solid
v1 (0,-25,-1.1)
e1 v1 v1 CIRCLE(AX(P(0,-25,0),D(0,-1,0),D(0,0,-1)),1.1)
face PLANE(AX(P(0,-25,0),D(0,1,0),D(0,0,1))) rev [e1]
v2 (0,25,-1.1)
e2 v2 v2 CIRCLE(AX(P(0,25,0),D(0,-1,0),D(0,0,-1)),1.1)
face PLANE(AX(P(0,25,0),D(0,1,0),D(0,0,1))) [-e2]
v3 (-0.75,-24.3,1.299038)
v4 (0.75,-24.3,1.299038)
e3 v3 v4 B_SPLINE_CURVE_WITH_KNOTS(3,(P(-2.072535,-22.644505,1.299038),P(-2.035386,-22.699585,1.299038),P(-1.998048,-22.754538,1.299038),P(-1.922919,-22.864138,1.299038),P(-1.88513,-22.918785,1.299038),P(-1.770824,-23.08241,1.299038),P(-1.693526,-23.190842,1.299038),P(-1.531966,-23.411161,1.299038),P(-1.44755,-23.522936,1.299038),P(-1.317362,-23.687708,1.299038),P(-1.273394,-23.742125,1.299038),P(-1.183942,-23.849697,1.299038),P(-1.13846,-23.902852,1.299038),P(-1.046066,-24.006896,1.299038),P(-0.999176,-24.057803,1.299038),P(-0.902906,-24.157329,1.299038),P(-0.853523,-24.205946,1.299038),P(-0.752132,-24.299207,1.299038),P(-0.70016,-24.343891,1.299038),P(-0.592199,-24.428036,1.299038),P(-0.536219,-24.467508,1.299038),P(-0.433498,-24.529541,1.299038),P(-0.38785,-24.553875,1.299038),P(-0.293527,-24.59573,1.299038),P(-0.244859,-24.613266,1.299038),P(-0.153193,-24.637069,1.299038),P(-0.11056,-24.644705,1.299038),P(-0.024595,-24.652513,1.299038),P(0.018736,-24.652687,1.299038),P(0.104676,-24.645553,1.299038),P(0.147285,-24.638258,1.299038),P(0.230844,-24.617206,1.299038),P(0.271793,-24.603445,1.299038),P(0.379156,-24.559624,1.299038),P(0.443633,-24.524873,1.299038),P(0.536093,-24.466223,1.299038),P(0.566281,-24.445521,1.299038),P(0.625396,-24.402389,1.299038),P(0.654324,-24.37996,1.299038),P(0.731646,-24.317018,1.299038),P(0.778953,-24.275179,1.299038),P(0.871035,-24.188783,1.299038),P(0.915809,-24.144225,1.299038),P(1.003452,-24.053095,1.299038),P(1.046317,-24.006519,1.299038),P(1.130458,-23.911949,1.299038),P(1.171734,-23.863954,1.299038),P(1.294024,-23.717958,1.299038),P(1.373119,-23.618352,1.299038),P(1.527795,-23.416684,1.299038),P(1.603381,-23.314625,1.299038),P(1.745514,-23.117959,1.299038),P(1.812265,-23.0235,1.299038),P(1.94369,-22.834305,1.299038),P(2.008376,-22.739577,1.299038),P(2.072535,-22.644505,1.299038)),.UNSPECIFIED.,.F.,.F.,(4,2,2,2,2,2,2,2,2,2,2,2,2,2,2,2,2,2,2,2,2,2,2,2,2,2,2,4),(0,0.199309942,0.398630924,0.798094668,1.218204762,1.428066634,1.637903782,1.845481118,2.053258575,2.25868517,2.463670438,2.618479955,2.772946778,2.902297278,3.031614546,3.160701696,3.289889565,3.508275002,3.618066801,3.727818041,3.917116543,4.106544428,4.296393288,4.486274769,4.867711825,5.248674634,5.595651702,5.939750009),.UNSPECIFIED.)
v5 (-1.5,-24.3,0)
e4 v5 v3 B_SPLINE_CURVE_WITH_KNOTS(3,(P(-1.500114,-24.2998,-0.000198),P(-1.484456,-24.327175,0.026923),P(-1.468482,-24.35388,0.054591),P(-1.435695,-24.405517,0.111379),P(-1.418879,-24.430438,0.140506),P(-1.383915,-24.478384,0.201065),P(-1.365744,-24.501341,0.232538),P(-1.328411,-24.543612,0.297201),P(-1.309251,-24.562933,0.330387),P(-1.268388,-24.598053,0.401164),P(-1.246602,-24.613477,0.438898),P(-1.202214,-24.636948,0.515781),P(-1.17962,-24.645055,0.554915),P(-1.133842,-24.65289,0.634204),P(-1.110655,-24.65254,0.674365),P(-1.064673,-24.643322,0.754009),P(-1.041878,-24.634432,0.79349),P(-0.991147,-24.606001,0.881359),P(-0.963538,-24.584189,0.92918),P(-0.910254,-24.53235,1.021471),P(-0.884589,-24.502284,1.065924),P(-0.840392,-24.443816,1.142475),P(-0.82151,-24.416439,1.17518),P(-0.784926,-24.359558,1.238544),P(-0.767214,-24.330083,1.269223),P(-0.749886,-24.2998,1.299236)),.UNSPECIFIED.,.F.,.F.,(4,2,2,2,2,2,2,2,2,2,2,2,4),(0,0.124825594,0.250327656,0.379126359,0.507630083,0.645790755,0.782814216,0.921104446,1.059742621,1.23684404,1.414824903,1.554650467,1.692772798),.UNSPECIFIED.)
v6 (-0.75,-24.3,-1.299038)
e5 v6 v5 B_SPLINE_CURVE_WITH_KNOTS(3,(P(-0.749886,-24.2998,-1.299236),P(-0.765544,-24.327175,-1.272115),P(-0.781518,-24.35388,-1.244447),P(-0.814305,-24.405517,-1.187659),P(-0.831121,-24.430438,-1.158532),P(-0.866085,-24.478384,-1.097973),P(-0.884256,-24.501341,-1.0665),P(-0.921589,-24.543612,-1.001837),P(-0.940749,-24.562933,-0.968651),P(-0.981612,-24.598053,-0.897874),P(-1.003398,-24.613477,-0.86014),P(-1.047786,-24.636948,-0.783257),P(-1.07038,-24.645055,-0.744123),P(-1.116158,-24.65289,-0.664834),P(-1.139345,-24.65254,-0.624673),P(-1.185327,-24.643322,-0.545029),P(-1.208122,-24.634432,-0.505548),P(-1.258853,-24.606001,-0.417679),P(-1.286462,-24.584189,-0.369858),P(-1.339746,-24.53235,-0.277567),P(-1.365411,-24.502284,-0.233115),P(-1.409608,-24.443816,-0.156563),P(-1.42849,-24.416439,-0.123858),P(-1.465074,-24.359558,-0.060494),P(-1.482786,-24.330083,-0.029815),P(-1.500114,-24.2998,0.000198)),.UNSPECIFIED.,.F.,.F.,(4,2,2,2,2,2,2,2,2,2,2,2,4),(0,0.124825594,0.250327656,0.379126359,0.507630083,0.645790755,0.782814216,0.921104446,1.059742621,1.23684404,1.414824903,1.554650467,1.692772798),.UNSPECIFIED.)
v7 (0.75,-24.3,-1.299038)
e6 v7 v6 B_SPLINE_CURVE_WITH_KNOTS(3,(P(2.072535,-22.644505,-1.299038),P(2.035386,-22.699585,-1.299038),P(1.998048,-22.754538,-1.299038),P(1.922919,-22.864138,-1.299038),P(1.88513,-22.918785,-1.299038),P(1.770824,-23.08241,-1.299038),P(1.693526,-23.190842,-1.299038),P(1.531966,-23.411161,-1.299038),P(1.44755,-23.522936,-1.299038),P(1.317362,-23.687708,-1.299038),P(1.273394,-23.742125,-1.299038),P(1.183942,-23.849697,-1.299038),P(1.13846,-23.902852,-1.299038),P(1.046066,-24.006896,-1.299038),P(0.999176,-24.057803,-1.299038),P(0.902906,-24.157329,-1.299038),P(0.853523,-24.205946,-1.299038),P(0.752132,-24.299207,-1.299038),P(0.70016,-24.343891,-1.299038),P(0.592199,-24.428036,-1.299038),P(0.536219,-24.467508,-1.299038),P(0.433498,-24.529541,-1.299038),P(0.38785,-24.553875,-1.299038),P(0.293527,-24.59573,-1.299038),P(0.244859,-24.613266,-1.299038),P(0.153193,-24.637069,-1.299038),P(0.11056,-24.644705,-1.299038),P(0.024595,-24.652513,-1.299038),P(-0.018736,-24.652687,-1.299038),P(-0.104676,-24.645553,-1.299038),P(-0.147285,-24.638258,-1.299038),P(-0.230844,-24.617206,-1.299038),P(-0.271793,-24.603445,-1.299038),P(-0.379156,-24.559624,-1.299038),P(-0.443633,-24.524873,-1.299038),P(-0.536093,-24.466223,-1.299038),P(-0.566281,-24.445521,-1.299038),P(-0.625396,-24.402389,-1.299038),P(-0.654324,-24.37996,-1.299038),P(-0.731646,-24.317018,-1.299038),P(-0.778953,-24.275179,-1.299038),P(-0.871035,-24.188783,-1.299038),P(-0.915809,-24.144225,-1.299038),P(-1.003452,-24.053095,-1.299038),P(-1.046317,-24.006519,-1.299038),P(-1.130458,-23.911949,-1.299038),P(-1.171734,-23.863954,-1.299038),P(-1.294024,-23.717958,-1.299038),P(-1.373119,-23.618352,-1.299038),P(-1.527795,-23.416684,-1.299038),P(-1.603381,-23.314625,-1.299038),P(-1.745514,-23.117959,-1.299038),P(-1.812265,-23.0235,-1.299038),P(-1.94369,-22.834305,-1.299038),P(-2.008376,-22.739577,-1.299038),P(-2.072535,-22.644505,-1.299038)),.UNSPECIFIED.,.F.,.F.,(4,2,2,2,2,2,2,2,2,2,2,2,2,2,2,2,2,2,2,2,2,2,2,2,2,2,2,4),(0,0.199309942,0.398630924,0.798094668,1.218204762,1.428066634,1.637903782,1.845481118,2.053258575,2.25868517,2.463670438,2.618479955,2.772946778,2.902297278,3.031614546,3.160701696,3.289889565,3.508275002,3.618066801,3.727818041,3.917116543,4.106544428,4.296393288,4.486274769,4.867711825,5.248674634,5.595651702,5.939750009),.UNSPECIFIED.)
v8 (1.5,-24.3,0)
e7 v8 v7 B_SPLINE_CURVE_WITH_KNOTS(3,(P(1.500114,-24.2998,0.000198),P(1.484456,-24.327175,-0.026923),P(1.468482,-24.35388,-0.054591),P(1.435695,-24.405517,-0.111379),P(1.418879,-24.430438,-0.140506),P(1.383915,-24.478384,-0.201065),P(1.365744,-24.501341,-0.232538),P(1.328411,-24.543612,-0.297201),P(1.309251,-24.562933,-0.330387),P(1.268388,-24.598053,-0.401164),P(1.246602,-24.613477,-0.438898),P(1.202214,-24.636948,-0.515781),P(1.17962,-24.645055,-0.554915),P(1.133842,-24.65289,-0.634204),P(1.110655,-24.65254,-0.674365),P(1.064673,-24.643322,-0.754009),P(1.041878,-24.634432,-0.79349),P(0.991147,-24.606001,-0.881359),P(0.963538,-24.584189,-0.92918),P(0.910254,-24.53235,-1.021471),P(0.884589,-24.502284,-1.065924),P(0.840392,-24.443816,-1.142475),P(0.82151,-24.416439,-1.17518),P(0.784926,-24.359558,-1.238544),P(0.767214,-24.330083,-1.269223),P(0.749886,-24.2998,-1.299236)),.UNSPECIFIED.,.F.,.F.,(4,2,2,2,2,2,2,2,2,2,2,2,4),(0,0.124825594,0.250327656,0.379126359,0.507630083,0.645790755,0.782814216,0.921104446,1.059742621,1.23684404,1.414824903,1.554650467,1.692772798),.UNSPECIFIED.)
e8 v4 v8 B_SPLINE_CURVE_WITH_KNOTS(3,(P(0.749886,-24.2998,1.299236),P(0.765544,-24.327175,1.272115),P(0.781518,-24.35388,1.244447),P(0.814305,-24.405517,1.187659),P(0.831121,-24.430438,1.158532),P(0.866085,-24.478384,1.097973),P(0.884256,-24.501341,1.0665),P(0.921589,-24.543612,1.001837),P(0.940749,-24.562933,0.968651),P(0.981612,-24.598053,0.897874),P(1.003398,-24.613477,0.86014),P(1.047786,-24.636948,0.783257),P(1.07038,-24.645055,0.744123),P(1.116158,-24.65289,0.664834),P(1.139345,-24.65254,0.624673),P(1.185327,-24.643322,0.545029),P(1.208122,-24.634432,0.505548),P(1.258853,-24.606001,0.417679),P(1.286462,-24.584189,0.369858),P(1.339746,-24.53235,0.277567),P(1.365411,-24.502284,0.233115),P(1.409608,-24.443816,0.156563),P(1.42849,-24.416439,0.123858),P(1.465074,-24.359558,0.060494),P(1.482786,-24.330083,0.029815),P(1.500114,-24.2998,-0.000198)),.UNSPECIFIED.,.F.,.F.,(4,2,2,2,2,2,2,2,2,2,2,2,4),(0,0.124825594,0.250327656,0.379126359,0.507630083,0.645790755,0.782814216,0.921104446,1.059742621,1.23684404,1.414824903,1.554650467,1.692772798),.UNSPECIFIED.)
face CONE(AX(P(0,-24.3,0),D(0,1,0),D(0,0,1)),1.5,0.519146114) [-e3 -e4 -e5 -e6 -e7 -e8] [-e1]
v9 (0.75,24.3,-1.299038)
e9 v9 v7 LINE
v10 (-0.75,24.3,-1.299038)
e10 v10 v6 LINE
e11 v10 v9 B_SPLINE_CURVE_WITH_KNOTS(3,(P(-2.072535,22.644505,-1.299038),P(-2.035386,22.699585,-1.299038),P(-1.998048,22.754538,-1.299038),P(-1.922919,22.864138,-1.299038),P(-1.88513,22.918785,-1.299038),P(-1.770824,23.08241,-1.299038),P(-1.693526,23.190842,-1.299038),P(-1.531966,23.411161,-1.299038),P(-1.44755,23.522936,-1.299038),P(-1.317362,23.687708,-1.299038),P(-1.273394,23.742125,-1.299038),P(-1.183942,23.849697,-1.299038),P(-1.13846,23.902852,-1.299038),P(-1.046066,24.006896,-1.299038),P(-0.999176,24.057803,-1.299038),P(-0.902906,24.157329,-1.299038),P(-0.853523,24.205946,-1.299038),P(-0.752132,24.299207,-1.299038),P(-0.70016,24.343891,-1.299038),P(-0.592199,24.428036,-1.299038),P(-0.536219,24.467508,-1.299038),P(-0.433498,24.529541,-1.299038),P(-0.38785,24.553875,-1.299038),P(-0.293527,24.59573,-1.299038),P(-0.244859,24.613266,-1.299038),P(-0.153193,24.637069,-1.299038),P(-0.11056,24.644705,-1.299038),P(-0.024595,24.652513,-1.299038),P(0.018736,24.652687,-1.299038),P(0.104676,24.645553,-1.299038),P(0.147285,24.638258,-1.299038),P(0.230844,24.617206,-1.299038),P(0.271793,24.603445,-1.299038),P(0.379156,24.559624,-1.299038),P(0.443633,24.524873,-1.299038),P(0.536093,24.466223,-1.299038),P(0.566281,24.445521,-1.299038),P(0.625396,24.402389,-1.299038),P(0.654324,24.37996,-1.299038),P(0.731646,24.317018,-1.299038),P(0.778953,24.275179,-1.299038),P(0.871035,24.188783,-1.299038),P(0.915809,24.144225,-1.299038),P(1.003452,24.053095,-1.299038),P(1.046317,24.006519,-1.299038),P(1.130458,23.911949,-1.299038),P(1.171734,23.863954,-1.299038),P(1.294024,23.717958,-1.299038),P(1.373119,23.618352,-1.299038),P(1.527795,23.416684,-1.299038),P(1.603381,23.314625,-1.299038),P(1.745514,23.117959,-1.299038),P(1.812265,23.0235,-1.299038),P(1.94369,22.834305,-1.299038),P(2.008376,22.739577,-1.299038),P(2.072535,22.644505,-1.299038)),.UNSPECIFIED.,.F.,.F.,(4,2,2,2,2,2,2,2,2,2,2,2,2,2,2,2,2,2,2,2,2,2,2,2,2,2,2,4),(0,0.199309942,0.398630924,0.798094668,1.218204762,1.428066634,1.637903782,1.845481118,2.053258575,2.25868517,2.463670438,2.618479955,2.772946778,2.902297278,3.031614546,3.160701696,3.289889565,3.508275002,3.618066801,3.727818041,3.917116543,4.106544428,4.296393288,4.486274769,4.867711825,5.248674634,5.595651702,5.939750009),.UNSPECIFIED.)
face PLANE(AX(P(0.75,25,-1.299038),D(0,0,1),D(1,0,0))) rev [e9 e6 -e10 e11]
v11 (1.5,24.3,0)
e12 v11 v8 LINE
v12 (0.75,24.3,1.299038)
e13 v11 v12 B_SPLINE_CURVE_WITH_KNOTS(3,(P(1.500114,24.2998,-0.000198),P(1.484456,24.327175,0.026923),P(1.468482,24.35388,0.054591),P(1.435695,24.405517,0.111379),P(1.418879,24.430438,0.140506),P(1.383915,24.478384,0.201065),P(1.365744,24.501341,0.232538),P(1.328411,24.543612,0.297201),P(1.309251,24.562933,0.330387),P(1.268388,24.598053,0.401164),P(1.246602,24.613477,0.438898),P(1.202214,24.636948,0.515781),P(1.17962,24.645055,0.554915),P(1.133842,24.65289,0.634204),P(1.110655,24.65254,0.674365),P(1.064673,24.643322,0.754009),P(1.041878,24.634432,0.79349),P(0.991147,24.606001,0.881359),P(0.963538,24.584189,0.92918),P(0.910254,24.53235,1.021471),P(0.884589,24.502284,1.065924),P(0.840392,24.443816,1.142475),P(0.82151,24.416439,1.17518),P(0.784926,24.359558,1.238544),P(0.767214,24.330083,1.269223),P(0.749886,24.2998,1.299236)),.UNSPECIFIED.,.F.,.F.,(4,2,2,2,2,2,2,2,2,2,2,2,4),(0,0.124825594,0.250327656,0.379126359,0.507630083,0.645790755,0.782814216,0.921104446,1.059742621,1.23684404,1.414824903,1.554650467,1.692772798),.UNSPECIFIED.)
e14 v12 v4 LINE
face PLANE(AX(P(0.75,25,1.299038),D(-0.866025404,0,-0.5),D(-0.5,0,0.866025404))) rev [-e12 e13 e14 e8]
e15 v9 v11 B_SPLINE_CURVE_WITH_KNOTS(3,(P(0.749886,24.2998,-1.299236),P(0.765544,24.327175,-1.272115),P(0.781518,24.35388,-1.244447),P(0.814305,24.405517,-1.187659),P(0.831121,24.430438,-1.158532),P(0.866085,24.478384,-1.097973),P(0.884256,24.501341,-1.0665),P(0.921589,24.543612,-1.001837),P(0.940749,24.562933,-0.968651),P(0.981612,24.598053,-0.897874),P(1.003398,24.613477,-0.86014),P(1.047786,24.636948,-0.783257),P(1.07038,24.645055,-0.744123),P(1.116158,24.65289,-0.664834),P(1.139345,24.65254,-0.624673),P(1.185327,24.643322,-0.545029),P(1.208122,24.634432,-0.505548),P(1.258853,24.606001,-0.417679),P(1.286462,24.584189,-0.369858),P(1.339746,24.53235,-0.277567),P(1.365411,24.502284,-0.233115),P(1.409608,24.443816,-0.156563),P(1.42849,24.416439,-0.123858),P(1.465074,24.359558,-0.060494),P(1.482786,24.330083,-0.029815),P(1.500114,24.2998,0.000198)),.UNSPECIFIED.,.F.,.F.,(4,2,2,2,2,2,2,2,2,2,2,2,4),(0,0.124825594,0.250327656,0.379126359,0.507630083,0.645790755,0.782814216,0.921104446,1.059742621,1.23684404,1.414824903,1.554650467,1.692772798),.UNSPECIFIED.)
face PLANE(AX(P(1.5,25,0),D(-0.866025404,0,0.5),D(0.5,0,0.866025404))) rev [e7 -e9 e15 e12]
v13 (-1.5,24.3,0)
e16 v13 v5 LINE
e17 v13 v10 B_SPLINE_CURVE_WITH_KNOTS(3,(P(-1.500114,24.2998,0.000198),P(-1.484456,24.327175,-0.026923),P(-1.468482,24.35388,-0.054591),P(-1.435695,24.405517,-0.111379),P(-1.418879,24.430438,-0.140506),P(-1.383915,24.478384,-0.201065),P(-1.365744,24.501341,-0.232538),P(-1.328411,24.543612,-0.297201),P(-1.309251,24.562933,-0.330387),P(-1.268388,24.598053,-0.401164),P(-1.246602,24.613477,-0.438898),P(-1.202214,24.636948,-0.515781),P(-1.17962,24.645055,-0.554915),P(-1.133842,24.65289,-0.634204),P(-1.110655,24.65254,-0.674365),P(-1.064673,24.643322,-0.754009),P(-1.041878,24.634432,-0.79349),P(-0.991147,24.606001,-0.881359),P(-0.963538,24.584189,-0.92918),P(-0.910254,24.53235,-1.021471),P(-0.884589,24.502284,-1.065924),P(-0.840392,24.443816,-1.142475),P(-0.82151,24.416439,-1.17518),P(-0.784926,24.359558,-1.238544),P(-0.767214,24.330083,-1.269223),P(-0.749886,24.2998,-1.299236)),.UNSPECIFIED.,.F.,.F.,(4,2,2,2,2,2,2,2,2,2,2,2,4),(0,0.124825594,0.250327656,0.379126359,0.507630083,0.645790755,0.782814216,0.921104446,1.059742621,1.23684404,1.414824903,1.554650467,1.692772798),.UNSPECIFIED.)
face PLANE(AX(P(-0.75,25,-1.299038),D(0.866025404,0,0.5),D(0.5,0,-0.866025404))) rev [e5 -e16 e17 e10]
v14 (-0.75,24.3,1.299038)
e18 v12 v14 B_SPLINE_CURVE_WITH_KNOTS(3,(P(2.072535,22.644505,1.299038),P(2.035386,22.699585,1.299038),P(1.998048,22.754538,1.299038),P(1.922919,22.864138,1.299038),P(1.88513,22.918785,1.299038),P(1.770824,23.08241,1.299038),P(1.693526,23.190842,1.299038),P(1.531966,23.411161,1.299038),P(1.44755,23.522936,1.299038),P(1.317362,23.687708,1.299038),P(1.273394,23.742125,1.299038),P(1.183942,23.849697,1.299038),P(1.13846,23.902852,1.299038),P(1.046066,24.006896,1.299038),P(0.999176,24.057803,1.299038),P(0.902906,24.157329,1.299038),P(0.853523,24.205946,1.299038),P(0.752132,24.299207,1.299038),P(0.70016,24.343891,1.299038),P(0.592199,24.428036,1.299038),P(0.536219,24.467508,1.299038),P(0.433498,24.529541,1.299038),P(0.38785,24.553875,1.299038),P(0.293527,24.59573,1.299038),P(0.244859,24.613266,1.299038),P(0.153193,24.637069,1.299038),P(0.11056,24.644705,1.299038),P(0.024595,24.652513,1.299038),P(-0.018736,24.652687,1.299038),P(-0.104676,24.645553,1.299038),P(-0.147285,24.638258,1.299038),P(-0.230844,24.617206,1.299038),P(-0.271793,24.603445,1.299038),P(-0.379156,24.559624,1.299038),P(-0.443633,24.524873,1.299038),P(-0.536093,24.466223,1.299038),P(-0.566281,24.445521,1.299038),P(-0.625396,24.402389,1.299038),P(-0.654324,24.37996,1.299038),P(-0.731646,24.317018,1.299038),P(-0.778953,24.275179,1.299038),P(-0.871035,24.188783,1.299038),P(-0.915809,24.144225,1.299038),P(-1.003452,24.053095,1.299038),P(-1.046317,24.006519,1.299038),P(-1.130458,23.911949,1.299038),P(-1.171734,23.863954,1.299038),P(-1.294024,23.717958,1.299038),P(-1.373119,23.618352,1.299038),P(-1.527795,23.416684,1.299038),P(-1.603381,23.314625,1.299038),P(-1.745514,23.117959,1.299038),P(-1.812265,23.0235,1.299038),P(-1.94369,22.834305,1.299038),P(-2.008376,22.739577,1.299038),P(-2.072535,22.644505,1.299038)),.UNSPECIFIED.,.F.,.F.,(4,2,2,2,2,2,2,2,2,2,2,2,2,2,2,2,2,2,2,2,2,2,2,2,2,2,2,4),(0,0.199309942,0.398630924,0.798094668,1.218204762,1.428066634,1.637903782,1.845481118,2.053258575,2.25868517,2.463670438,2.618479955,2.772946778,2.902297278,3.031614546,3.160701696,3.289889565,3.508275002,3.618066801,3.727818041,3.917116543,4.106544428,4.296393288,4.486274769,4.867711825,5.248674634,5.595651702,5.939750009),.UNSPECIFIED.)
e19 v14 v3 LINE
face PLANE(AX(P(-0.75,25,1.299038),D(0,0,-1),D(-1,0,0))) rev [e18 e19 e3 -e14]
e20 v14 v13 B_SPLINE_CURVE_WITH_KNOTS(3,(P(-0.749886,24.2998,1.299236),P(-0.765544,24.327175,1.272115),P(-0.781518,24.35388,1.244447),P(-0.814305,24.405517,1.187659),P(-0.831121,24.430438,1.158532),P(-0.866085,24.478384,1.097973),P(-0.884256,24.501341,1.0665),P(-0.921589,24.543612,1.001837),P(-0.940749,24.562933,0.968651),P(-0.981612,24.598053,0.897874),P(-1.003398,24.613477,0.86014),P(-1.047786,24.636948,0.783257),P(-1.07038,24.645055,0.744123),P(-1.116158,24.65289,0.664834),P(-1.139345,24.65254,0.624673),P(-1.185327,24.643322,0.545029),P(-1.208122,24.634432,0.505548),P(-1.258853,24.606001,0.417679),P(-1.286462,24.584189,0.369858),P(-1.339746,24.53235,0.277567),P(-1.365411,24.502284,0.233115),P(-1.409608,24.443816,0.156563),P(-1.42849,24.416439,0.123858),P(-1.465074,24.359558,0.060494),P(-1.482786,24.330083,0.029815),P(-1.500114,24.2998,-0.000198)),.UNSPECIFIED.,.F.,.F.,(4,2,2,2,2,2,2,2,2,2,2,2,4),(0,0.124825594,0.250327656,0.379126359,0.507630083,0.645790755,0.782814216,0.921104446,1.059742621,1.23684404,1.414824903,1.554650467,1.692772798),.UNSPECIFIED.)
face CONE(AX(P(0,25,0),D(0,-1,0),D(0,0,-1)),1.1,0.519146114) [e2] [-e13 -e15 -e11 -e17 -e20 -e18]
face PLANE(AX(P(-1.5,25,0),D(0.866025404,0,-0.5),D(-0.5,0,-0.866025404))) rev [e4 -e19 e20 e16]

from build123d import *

# Parameters (mm, degrees)
BOSS_EXTRUDE1_DEPTH = 25


with BuildPart() as part:
    # Sketch1 → Boss-Extrude1 (new, symmetric)
    with BuildSketch(Plane(origin=(0, 0, 0), x_dir=(1, 0, 0), z_dir=(0, 1, 0))):
        Polygon((1.5, 0), (0.75, 1.299038106), (-0.75, 1.299038106), (-1.5, 0), (-0.75, -1.299038106), (0.75, -1.299038106), align=None)
    extrude(amount=BOSS_EXTRUDE1_DEPTH, both=True)

    # Sketch2 → Cut-Revolve1 (revolve, cut)
    with BuildSketch(Plane.XY, mode=Mode.PRIVATE) as cut_revolve1_sk:
        Polygon((1.5, 25), (1.5, 24.3), (1.1, 25), align=None)
        Polygon((1.5, -25), (1.5, -24.3), (1.1, -25), align=None)
    revolve(cut_revolve1_sk.sketch.rotate(Axis((0, -25, 0), (0, 1, 0)), 300.000003979), axis=Axis((0, -25, 0), (0, 1, 0)), mode=Mode.SUBTRACT)


solid = part.part
